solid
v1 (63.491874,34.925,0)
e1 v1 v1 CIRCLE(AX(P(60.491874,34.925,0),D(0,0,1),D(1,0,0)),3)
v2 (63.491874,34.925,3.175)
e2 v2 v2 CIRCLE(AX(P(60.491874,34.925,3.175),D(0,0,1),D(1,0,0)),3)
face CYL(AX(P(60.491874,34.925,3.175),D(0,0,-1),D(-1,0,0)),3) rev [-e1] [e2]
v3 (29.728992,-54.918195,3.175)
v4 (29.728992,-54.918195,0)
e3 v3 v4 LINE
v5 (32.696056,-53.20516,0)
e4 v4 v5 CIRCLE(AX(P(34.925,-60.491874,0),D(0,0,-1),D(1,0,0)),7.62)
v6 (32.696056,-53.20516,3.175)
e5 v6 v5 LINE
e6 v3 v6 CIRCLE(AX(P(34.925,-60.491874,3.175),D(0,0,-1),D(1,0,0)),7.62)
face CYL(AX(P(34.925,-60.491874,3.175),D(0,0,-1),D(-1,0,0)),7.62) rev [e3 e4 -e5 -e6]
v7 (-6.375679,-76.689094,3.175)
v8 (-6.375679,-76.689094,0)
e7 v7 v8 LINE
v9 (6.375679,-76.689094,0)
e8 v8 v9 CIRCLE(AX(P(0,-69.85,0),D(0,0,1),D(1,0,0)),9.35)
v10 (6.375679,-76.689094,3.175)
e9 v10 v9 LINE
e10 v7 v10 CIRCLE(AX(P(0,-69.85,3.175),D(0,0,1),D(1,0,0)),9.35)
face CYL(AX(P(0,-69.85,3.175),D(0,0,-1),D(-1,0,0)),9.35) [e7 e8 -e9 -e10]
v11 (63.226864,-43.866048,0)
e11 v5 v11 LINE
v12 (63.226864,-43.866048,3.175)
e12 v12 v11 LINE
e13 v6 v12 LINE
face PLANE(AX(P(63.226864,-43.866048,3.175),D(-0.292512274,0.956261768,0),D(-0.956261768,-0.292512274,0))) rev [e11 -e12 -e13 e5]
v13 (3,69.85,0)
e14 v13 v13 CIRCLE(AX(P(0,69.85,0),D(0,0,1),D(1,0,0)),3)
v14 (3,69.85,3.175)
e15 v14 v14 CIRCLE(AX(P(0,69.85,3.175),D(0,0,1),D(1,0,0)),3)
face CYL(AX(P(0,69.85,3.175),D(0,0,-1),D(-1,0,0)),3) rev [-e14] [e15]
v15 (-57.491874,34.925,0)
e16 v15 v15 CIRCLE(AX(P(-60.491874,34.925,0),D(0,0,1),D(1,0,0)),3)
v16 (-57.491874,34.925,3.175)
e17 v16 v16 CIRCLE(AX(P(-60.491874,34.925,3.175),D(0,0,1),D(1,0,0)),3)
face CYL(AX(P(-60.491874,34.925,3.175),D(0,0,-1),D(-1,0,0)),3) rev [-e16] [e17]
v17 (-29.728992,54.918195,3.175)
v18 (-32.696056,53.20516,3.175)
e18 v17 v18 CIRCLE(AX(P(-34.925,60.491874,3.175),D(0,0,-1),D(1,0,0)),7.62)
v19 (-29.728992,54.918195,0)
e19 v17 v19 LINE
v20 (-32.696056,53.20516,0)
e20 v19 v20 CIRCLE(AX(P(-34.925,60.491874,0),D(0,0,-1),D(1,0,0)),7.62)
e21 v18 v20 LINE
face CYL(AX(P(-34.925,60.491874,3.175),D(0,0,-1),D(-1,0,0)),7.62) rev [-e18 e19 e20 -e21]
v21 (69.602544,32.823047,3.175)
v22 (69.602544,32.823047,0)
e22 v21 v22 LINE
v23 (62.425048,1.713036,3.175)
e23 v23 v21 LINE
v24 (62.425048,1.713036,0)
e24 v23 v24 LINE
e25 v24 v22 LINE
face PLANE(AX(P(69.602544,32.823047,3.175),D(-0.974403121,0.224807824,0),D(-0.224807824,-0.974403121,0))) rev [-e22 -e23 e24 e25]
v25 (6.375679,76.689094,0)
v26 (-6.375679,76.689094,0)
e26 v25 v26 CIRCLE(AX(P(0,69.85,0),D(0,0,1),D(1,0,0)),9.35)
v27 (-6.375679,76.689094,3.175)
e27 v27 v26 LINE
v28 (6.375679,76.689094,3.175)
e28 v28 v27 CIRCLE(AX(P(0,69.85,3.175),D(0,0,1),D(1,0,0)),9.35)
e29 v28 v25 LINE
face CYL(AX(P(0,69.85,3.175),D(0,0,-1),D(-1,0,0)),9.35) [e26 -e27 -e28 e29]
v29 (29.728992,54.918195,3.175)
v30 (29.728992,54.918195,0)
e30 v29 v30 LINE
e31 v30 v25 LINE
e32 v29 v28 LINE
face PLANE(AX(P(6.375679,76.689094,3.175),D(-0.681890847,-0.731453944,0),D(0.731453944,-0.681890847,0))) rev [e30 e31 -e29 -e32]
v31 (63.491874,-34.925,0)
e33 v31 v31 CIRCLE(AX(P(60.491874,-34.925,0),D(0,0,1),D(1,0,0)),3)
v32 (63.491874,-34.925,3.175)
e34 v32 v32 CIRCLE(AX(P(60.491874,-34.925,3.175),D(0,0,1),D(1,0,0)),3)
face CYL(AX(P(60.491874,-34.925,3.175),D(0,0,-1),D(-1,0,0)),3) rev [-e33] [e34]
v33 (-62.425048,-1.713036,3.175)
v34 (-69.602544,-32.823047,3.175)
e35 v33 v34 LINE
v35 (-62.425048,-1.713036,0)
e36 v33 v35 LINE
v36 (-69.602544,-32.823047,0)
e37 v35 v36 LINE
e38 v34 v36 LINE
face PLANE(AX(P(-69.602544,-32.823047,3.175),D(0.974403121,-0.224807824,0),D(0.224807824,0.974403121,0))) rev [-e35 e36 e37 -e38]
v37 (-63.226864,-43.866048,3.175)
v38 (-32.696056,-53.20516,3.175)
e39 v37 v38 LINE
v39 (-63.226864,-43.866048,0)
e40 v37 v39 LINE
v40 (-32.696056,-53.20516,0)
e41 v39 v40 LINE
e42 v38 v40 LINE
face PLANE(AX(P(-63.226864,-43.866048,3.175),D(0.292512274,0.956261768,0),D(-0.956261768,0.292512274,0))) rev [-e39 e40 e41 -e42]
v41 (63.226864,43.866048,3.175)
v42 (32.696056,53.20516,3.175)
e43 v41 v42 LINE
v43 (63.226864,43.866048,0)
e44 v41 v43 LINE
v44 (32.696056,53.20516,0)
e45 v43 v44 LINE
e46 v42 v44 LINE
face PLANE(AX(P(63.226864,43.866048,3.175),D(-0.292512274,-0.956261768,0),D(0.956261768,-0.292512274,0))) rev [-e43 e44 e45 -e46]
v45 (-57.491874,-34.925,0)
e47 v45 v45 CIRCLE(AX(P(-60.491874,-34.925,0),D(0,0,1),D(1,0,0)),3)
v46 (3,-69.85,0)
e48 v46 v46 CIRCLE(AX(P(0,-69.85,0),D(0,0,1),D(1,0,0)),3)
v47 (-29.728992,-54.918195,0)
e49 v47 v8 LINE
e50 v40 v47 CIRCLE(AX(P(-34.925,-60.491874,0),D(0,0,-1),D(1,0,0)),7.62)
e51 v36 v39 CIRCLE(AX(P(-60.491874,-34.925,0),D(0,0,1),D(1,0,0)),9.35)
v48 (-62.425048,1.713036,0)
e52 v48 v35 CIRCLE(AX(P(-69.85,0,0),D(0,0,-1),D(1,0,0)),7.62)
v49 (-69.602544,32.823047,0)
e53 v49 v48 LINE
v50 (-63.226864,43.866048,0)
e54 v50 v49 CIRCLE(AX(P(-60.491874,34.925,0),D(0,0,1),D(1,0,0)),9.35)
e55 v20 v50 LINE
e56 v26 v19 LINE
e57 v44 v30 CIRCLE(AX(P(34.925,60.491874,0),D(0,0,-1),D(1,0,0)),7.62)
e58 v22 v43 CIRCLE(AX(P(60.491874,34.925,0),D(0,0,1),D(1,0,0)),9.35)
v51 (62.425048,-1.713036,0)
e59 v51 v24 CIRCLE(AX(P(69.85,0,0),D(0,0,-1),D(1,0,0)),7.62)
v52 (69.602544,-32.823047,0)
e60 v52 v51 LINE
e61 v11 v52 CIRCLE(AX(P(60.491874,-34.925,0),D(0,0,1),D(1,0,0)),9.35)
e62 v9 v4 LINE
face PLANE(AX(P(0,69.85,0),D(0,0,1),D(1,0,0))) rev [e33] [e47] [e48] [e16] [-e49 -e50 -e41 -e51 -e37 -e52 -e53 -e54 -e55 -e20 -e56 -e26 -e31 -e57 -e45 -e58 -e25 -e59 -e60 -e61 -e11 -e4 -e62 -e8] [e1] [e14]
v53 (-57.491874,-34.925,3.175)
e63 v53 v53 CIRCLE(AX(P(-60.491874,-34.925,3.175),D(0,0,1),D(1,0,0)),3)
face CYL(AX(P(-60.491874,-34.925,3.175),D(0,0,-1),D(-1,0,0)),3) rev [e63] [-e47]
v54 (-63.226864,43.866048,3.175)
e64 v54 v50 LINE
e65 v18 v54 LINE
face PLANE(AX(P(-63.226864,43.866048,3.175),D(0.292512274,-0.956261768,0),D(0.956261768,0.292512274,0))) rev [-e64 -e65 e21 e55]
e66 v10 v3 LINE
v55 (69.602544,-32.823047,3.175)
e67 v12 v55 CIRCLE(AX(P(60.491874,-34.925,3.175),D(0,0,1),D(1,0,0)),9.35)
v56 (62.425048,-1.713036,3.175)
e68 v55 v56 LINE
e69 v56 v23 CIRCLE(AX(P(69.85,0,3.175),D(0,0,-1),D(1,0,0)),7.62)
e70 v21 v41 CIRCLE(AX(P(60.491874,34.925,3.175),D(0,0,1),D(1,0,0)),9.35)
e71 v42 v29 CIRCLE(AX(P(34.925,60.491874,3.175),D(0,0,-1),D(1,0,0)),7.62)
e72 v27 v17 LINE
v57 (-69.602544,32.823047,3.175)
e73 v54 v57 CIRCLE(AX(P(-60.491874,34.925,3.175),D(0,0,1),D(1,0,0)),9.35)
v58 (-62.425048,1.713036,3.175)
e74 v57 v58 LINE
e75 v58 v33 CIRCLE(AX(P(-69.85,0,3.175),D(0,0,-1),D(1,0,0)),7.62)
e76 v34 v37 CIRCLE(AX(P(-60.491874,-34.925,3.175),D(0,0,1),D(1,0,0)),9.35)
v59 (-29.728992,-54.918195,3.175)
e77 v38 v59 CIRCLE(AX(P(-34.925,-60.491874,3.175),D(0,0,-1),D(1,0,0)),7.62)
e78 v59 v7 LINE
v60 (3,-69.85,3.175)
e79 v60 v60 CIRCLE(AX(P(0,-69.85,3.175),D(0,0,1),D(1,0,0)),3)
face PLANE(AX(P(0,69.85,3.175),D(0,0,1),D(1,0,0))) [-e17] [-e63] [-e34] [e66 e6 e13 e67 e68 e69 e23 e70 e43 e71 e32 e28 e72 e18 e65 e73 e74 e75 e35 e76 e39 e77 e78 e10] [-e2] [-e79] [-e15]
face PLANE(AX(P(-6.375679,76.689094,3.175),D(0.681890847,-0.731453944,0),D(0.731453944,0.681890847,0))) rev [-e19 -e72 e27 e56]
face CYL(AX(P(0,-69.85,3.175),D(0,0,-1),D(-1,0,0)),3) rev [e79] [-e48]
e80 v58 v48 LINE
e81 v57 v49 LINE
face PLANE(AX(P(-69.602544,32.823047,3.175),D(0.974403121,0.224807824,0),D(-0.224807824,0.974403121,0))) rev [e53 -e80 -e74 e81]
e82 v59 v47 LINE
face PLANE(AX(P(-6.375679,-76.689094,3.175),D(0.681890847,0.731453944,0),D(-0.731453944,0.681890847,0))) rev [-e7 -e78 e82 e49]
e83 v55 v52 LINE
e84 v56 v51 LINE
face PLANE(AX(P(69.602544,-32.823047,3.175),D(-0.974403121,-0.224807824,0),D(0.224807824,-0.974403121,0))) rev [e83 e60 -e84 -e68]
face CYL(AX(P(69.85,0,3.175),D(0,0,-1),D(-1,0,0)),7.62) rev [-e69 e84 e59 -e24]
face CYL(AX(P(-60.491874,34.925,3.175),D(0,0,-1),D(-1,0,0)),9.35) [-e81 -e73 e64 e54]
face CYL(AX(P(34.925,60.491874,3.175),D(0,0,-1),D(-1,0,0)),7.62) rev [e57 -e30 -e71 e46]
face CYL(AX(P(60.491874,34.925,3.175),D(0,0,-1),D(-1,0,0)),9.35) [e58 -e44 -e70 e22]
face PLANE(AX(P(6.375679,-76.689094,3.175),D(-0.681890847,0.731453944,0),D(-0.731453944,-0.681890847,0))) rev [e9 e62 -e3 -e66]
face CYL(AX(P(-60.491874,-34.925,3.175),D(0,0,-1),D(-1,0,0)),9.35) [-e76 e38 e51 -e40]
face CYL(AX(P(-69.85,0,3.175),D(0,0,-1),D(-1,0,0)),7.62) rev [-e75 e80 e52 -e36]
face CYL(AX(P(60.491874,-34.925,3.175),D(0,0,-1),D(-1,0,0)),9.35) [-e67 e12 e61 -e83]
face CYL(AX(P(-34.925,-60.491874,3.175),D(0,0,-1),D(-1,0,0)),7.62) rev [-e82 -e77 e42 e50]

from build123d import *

# Parameters (mm, degrees)
SKETCH1_R           = 3
BOSS_EXTRUDE2_DEPTH = 3.175


with BuildPart() as part:
    # Sketch1 → Boss-Extrude2 (new body)
    with BuildSketch(Plane.XY):
        with BuildLine():
            Line((6.375679422, 76.689094378), (29.728991744, 54.9181954))
            ThreePointArc((29.728991744, 54.9181954), (31.115, 53.892760878), (32.696056474, 53.205159779))
            Line((32.696056474, 53.205159779), (63.226864214, 43.866047535))
            ThreePointArc((63.226864214, 43.866047535), (68.58921198, 39.6), (69.602543635, 32.823046843))
            Line((69.602543635, 32.823046843), (62.425048218, 1.713035621))
            ThreePointArc((62.425048218, 1.713035621), (62.23, 0), (62.425048218, -1.713035621))
            Line((62.425048218, -1.713035621), (69.602543635, -32.823046843))
            ThreePointArc((69.602543635, -32.823046843), (68.58921198, -39.6), (63.226864214, -43.866047535))
            Line((63.226864214, -43.866047535), (32.696056474, -53.205159779))
            ThreePointArc((32.696056474, -53.205159779), (31.115, -53.892760878), (29.728991744, -54.9181954))
            Line((29.728991744, -54.9181954), (6.375679422, -76.689094378))
            ThreePointArc((6.375679422, -76.689094378), (0, -79.2), (-6.375679422, -76.689094378))
            Line((-6.375679422, -76.689094378), (-29.728991744, -54.9181954))
            ThreePointArc((-29.728991744, -54.9181954), (-31.115, -53.892760878), (-32.696056474, -53.205159779))
            Line((-32.696056474, -53.205159779), (-63.226864214, -43.866047535))
            ThreePointArc((-63.226864214, -43.866047535), (-68.58921198, -39.6), (-69.602543635, -32.823046843))
            Line((-69.602543635, -32.823046843), (-62.425048218, -1.713035621))
            ThreePointArc((-62.425048218, -1.713035621), (-62.23, 0), (-62.425048218, 1.713035621))
            Line((-62.425048218, 1.713035621), (-69.602543635, 32.823046843))
            ThreePointArc((-69.602543635, 32.823046843), (-68.58921198, 39.6), (-63.226864214, 43.866047535))
            Line((-63.226864214, 43.866047535), (-32.696056474, 53.205159779))
            ThreePointArc((-32.696056474, 53.205159779), (-31.115, 53.892760878), (-29.728991744, 54.9181954))
            Line((-29.728991744, 54.9181954), (-6.375679422, 76.689094378))
            ThreePointArc((-6.375679422, 76.689094378), (0, 79.2), (6.375679422, 76.689094378))
        make_face()
        with Locations((0, 69.85)):
            Circle(SKETCH1_R, mode=Mode.SUBTRACT)
        with Locations((60.491874454, 34.925)):
            Circle(SKETCH1_R, mode=Mode.SUBTRACT)
        with Locations((60.491874454, -34.925)):
            Circle(SKETCH1_R, mode=Mode.SUBTRACT)
        with Locations((0, -69.85)):
            Circle(SKETCH1_R, mode=Mode.SUBTRACT)
        with Locations((-60.491874454, -34.925)):
            Circle(SKETCH1_R, mode=Mode.SUBTRACT)
        with Locations((-60.491874454, 34.925)):
            Circle(SKETCH1_R, mode=Mode.SUBTRACT)
    extrude(amount=BOSS_EXTRUDE2_DEPTH)


solid = part.part
